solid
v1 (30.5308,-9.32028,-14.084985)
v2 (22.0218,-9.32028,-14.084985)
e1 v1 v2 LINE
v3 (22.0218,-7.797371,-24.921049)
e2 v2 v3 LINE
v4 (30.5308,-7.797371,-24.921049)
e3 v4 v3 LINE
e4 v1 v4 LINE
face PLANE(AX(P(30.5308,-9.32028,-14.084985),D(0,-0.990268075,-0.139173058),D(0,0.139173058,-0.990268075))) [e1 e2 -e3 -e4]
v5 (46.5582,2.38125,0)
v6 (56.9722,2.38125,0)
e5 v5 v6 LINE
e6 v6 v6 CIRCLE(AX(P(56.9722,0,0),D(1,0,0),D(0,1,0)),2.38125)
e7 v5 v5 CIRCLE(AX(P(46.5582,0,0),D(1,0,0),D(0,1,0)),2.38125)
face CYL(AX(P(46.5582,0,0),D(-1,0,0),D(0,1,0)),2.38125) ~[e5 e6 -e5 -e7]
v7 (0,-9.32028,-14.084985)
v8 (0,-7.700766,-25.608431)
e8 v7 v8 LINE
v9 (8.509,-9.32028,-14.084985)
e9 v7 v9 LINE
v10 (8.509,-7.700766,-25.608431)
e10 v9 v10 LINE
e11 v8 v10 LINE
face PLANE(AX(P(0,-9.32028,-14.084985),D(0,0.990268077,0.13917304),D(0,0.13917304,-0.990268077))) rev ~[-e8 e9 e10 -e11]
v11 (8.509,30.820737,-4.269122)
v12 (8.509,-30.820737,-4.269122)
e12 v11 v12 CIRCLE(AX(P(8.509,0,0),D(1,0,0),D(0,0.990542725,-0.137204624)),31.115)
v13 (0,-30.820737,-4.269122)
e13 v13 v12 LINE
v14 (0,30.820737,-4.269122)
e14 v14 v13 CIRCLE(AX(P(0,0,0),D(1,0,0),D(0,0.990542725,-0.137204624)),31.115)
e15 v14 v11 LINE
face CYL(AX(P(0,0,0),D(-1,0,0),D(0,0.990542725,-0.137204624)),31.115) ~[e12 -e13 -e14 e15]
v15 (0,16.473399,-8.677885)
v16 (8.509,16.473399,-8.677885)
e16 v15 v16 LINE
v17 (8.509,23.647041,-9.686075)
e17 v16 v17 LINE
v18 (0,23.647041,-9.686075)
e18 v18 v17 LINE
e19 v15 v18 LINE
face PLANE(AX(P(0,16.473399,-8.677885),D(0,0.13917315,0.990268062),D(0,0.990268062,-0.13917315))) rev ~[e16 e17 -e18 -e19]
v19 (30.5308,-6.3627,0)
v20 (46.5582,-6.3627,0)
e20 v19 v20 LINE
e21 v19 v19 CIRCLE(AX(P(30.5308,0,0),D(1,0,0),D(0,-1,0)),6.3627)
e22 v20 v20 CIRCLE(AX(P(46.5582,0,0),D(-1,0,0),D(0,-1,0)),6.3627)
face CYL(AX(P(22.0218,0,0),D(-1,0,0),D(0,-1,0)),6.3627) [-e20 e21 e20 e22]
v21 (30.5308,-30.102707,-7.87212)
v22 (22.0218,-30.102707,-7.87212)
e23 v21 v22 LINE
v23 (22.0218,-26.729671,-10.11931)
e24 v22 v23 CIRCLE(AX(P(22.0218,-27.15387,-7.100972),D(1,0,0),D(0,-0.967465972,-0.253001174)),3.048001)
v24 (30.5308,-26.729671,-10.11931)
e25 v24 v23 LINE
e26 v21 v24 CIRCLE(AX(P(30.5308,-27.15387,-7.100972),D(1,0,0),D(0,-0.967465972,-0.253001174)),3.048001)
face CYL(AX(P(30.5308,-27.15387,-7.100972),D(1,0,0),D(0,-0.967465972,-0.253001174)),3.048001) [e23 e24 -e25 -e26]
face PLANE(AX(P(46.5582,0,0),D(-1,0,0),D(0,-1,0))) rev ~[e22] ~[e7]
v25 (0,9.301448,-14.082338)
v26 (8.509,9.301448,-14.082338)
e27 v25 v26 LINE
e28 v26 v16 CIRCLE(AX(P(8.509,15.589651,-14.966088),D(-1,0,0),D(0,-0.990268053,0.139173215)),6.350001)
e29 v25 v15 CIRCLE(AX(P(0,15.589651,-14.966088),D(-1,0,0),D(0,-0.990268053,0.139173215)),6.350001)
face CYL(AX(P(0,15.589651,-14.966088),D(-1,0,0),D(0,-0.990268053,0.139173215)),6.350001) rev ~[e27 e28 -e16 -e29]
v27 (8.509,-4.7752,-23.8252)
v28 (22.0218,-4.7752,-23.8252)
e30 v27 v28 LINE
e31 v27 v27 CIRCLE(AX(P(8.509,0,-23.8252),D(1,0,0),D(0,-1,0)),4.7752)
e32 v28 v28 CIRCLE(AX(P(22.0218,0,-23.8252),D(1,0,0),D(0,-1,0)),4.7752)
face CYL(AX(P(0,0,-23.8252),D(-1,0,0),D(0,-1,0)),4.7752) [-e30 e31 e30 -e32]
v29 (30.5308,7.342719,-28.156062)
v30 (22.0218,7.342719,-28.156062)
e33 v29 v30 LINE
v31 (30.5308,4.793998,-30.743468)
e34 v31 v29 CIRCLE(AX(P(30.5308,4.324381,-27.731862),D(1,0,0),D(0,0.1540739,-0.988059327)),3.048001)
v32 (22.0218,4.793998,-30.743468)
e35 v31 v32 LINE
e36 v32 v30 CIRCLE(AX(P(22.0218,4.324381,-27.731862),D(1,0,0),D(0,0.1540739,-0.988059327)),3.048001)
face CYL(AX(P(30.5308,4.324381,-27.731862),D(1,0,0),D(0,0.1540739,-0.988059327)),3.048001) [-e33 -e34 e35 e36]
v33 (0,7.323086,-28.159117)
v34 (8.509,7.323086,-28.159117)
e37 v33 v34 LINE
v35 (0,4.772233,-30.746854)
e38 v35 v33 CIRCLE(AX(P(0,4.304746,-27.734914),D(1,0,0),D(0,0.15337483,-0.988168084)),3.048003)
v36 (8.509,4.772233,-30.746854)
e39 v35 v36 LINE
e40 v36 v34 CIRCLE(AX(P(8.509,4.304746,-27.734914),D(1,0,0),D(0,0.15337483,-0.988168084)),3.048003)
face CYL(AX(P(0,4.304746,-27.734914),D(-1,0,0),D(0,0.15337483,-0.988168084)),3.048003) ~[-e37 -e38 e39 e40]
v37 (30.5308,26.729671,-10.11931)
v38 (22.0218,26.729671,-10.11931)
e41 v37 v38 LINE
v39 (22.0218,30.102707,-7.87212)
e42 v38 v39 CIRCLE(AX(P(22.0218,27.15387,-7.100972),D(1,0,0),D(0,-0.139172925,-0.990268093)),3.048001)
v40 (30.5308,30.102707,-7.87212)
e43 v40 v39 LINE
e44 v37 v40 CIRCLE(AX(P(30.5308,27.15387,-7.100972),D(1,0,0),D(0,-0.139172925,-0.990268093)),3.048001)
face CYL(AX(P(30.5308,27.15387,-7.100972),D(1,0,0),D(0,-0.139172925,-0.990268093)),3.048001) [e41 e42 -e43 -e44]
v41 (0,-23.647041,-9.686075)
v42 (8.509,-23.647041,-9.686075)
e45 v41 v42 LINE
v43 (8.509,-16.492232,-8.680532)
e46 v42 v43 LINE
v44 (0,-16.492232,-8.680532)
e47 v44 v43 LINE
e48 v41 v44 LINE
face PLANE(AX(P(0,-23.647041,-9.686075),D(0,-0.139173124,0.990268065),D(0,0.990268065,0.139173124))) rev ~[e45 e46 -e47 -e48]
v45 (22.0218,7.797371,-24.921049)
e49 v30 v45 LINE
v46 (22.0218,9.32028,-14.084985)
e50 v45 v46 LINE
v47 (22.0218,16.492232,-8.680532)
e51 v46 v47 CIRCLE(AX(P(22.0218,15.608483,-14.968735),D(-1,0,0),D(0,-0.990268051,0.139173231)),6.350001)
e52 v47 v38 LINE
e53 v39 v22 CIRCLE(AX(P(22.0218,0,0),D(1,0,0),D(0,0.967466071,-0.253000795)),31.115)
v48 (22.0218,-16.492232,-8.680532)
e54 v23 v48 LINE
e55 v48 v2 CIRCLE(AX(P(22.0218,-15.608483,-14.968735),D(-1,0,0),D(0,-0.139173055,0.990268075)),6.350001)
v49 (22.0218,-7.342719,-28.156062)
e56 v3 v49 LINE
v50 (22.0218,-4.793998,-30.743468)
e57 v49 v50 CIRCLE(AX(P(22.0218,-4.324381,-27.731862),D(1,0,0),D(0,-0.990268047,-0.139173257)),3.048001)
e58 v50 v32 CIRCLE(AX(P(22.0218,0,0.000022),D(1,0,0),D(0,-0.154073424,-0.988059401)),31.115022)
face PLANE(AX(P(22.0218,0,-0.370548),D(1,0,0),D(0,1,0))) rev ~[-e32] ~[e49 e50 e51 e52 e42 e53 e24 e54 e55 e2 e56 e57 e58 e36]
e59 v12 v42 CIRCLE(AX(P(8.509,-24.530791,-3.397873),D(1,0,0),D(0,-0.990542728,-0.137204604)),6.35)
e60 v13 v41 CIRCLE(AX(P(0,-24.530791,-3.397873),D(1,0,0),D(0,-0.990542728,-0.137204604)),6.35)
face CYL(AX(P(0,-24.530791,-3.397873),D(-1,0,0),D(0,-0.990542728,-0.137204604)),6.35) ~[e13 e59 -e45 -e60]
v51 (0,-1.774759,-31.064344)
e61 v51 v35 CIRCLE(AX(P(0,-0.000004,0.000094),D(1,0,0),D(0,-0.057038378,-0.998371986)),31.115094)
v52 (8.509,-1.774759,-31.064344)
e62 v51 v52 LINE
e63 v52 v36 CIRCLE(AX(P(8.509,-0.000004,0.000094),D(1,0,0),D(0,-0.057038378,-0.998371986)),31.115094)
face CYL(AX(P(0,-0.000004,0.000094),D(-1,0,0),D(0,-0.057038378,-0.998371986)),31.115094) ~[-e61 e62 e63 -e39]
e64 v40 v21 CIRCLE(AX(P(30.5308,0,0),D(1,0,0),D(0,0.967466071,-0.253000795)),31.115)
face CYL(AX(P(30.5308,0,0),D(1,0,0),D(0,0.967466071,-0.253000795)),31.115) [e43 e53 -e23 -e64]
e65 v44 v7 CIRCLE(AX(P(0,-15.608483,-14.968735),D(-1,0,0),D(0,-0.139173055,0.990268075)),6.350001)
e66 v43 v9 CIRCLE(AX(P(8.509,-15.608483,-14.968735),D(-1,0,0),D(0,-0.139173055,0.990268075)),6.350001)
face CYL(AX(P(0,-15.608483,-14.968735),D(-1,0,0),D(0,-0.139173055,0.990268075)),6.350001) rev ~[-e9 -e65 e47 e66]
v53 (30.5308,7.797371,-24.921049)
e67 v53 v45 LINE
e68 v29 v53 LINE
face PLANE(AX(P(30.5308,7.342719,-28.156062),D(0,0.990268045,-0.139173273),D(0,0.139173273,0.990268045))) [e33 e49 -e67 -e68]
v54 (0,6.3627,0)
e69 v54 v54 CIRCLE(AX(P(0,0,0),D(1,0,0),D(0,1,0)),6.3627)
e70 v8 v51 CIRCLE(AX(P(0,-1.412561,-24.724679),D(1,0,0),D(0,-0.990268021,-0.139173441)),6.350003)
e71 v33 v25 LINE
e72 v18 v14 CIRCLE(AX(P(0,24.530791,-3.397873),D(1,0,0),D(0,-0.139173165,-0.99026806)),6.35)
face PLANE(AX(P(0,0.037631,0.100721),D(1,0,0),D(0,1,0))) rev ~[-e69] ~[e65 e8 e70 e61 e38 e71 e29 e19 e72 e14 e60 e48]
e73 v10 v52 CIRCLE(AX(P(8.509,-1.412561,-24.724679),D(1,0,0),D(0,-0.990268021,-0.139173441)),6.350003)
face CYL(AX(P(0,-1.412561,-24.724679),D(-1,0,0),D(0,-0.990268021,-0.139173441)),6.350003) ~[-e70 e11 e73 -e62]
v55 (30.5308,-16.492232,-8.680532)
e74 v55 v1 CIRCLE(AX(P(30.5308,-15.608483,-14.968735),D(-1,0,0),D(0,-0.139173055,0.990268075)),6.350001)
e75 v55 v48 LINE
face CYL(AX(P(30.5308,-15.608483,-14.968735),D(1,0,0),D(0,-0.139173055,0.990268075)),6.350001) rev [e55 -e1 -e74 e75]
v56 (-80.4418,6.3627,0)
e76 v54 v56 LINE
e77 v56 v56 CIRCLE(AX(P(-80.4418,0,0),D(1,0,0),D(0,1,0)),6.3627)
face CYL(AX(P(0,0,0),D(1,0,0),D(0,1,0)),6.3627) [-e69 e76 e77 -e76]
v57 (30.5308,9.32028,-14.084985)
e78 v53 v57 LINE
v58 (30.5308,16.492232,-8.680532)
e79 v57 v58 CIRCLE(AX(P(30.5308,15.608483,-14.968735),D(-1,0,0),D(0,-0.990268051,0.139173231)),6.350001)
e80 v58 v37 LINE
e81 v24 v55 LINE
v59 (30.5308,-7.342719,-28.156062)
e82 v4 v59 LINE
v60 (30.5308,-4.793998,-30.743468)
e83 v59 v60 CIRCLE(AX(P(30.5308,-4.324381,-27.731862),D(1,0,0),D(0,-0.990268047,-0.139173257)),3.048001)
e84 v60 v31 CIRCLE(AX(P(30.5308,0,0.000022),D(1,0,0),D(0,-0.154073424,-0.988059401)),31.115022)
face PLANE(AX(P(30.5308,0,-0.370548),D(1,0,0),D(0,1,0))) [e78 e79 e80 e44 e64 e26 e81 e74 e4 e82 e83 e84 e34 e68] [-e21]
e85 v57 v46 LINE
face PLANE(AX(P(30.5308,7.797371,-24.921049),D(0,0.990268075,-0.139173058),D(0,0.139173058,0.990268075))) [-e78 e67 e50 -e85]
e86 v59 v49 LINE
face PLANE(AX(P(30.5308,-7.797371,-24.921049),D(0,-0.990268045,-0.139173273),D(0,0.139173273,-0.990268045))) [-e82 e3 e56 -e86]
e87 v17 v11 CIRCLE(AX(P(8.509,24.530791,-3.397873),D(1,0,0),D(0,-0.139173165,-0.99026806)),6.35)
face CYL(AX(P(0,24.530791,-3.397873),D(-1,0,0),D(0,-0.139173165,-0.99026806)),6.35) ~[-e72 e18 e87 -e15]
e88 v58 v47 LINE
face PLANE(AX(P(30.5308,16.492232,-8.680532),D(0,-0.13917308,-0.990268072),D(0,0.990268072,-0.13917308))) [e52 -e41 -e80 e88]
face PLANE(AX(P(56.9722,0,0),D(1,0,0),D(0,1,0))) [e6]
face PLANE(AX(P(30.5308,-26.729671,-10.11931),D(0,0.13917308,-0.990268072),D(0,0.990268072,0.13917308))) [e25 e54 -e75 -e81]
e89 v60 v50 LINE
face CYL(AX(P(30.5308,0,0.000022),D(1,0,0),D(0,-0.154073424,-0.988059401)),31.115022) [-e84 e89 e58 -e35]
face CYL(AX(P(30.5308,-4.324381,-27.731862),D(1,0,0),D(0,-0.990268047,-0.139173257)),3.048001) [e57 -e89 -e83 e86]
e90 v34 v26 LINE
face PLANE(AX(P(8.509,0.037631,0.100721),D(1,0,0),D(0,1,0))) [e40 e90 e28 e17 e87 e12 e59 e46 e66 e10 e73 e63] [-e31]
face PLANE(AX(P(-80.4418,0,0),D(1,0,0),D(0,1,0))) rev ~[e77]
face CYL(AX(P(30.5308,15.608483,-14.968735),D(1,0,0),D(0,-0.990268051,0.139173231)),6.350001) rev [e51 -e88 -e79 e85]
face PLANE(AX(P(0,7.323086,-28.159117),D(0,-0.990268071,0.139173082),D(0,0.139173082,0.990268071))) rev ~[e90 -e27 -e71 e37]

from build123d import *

# Parameters (mm, degrees)
F0_R      = 4.7752
F0_R_2    = 6.3627
F1_DEPTH  = 8.509
F2_DEPTH  = 80.4418
F3_R      = 4.7752
F4_DEPTH  = 30.5308
F5_R      = 4.7752
F5_R_2    = 6.3627
F6_DEPTH  = 8.509
F7_R      = 6.3627
F8_DEPTH  = 24.5364
F9_R      = 2.38125
F10_DEPTH = 10.414


with BuildPart() as f1:
    # F0 (on Right) → F1 (new body)
    with BuildSketch(Plane.YZ):
        with BuildLine():
            ThreePointArc((-7.700766, -25.608431), (-5.713574, -29.396277), (-1.774759, -31.064344))
            ThreePointArc((-1.774759, -31.064344), (1.50712, -31.078478), (4.772233, -30.746854))
            ThreePointArc((4.772233, -30.746854), (6.475424, -29.874653), (7.323086, -28.159117))
            Line((7.323086, -28.159117), (9.301448, -14.082338))
            ThreePointArc((9.301448, -14.082338), (11.768125, -9.894752), (16.473399, -8.677885))
            Line((16.473399, -8.677885), (23.647041, -9.686075))
            ThreePointArc((23.647041, -9.686075), (28.357354, -8.465408), (30.820737, -4.269122))
            ThreePointArc((30.820737, -4.269122), (0, 31.115), (-30.820737, -4.269122))
            ThreePointArc((-30.820737, -4.269122), (-28.357354, -8.465408), (-23.647041, -9.686075))
            Line((-23.647041, -9.686075), (-16.492232, -8.680532))
            ThreePointArc((-16.492232, -8.680532), (-11.786957, -9.897399), (-9.32028, -14.084985))
            Line((-9.32028, -14.084985), (-7.700766, -25.608431))
        make_face()
        with Locations((0, -23.8252)):
            Circle(F0_R, mode=Mode.SUBTRACT)
        Circle(F0_R_2, mode=Mode.SUBTRACT)
        Circle(F0_R_2)
    extrude(amount=F1_DEPTH)

    # F0 (on Right) → F2 (join)
    with BuildSketch(Plane.YZ):
        Circle(F0_R_2)
    extrude(amount=-F2_DEPTH)

    # F3 (on face) → F4 (join)
    with BuildSketch(Plane(origin=(0, 0, 0), x_dir=(0, -1, 0), z_dir=(-1, 0, 0))):
        with Locations((0, -23.8252)):
            Circle(F3_R)
    extrude(amount=-F4_DEPTH)

    # F5 (on face) → F6 (join)
    with BuildSketch(Plane.YZ.offset(30.5308)):
        with BuildLine():
            ThreePointArc((26.729671, -10.11931), (28.843815, -9.637583), (30.102707, -7.87212))
            ThreePointArc((30.102707, -7.87212), (0, 31.115), (-30.102707, -7.87212))
            ThreePointArc((-30.102707, -7.87212), (-28.843815, -9.637583), (-26.729671, -10.11931))
            Line((-26.729671, -10.11931), (-16.492232, -8.680532))
            ThreePointArc((-16.492232, -8.680532), (-11.786957, -9.897399), (-9.32028, -14.084985))
            Line((-9.32028, -14.084985), (-7.797371, -24.921049))
            Line((-7.797371, -24.921049), (-7.342719, -28.156062))
            ThreePointArc((-7.342719, -28.156062), (-6.495815, -29.87083), (-4.793998, -30.743468))
            ThreePointArc((-4.793998, -30.743468), (0, -31.115), (4.793998, -30.743468))
            ThreePointArc((4.793998, -30.743468), (6.495815, -29.87083), (7.342719, -28.156062))
            Line((7.342719, -28.156062), (7.797371, -24.921049))
            Line((7.797371, -24.921049), (9.32028, -14.084985))
            ThreePointArc((9.32028, -14.084985), (11.786957, -9.897399), (16.492232, -8.680532))
            Line((16.492232, -8.680532), (26.729671, -10.11931))
        make_face()
        with Locations((0, -23.8252)):
            Circle(F5_R, mode=Mode.SUBTRACT)
        Circle(F5_R_2, mode=Mode.SUBTRACT)
    extrude(amount=-F6_DEPTH)

    # F7 (on face) → F8 (join)
    with BuildSketch(Plane(origin=(22.0218, 0, 0), x_dir=(0, -1, 0), z_dir=(-1, 0, 0))):
        Circle(F7_R)
    extrude(amount=-F8_DEPTH)

    # F9 (on face) → F10 (join)
    with BuildSketch(Plane.YZ.offset(46.5582)):
        Circle(F9_R)
    extrude(amount=F10_DEPTH)


solid = f1.part
